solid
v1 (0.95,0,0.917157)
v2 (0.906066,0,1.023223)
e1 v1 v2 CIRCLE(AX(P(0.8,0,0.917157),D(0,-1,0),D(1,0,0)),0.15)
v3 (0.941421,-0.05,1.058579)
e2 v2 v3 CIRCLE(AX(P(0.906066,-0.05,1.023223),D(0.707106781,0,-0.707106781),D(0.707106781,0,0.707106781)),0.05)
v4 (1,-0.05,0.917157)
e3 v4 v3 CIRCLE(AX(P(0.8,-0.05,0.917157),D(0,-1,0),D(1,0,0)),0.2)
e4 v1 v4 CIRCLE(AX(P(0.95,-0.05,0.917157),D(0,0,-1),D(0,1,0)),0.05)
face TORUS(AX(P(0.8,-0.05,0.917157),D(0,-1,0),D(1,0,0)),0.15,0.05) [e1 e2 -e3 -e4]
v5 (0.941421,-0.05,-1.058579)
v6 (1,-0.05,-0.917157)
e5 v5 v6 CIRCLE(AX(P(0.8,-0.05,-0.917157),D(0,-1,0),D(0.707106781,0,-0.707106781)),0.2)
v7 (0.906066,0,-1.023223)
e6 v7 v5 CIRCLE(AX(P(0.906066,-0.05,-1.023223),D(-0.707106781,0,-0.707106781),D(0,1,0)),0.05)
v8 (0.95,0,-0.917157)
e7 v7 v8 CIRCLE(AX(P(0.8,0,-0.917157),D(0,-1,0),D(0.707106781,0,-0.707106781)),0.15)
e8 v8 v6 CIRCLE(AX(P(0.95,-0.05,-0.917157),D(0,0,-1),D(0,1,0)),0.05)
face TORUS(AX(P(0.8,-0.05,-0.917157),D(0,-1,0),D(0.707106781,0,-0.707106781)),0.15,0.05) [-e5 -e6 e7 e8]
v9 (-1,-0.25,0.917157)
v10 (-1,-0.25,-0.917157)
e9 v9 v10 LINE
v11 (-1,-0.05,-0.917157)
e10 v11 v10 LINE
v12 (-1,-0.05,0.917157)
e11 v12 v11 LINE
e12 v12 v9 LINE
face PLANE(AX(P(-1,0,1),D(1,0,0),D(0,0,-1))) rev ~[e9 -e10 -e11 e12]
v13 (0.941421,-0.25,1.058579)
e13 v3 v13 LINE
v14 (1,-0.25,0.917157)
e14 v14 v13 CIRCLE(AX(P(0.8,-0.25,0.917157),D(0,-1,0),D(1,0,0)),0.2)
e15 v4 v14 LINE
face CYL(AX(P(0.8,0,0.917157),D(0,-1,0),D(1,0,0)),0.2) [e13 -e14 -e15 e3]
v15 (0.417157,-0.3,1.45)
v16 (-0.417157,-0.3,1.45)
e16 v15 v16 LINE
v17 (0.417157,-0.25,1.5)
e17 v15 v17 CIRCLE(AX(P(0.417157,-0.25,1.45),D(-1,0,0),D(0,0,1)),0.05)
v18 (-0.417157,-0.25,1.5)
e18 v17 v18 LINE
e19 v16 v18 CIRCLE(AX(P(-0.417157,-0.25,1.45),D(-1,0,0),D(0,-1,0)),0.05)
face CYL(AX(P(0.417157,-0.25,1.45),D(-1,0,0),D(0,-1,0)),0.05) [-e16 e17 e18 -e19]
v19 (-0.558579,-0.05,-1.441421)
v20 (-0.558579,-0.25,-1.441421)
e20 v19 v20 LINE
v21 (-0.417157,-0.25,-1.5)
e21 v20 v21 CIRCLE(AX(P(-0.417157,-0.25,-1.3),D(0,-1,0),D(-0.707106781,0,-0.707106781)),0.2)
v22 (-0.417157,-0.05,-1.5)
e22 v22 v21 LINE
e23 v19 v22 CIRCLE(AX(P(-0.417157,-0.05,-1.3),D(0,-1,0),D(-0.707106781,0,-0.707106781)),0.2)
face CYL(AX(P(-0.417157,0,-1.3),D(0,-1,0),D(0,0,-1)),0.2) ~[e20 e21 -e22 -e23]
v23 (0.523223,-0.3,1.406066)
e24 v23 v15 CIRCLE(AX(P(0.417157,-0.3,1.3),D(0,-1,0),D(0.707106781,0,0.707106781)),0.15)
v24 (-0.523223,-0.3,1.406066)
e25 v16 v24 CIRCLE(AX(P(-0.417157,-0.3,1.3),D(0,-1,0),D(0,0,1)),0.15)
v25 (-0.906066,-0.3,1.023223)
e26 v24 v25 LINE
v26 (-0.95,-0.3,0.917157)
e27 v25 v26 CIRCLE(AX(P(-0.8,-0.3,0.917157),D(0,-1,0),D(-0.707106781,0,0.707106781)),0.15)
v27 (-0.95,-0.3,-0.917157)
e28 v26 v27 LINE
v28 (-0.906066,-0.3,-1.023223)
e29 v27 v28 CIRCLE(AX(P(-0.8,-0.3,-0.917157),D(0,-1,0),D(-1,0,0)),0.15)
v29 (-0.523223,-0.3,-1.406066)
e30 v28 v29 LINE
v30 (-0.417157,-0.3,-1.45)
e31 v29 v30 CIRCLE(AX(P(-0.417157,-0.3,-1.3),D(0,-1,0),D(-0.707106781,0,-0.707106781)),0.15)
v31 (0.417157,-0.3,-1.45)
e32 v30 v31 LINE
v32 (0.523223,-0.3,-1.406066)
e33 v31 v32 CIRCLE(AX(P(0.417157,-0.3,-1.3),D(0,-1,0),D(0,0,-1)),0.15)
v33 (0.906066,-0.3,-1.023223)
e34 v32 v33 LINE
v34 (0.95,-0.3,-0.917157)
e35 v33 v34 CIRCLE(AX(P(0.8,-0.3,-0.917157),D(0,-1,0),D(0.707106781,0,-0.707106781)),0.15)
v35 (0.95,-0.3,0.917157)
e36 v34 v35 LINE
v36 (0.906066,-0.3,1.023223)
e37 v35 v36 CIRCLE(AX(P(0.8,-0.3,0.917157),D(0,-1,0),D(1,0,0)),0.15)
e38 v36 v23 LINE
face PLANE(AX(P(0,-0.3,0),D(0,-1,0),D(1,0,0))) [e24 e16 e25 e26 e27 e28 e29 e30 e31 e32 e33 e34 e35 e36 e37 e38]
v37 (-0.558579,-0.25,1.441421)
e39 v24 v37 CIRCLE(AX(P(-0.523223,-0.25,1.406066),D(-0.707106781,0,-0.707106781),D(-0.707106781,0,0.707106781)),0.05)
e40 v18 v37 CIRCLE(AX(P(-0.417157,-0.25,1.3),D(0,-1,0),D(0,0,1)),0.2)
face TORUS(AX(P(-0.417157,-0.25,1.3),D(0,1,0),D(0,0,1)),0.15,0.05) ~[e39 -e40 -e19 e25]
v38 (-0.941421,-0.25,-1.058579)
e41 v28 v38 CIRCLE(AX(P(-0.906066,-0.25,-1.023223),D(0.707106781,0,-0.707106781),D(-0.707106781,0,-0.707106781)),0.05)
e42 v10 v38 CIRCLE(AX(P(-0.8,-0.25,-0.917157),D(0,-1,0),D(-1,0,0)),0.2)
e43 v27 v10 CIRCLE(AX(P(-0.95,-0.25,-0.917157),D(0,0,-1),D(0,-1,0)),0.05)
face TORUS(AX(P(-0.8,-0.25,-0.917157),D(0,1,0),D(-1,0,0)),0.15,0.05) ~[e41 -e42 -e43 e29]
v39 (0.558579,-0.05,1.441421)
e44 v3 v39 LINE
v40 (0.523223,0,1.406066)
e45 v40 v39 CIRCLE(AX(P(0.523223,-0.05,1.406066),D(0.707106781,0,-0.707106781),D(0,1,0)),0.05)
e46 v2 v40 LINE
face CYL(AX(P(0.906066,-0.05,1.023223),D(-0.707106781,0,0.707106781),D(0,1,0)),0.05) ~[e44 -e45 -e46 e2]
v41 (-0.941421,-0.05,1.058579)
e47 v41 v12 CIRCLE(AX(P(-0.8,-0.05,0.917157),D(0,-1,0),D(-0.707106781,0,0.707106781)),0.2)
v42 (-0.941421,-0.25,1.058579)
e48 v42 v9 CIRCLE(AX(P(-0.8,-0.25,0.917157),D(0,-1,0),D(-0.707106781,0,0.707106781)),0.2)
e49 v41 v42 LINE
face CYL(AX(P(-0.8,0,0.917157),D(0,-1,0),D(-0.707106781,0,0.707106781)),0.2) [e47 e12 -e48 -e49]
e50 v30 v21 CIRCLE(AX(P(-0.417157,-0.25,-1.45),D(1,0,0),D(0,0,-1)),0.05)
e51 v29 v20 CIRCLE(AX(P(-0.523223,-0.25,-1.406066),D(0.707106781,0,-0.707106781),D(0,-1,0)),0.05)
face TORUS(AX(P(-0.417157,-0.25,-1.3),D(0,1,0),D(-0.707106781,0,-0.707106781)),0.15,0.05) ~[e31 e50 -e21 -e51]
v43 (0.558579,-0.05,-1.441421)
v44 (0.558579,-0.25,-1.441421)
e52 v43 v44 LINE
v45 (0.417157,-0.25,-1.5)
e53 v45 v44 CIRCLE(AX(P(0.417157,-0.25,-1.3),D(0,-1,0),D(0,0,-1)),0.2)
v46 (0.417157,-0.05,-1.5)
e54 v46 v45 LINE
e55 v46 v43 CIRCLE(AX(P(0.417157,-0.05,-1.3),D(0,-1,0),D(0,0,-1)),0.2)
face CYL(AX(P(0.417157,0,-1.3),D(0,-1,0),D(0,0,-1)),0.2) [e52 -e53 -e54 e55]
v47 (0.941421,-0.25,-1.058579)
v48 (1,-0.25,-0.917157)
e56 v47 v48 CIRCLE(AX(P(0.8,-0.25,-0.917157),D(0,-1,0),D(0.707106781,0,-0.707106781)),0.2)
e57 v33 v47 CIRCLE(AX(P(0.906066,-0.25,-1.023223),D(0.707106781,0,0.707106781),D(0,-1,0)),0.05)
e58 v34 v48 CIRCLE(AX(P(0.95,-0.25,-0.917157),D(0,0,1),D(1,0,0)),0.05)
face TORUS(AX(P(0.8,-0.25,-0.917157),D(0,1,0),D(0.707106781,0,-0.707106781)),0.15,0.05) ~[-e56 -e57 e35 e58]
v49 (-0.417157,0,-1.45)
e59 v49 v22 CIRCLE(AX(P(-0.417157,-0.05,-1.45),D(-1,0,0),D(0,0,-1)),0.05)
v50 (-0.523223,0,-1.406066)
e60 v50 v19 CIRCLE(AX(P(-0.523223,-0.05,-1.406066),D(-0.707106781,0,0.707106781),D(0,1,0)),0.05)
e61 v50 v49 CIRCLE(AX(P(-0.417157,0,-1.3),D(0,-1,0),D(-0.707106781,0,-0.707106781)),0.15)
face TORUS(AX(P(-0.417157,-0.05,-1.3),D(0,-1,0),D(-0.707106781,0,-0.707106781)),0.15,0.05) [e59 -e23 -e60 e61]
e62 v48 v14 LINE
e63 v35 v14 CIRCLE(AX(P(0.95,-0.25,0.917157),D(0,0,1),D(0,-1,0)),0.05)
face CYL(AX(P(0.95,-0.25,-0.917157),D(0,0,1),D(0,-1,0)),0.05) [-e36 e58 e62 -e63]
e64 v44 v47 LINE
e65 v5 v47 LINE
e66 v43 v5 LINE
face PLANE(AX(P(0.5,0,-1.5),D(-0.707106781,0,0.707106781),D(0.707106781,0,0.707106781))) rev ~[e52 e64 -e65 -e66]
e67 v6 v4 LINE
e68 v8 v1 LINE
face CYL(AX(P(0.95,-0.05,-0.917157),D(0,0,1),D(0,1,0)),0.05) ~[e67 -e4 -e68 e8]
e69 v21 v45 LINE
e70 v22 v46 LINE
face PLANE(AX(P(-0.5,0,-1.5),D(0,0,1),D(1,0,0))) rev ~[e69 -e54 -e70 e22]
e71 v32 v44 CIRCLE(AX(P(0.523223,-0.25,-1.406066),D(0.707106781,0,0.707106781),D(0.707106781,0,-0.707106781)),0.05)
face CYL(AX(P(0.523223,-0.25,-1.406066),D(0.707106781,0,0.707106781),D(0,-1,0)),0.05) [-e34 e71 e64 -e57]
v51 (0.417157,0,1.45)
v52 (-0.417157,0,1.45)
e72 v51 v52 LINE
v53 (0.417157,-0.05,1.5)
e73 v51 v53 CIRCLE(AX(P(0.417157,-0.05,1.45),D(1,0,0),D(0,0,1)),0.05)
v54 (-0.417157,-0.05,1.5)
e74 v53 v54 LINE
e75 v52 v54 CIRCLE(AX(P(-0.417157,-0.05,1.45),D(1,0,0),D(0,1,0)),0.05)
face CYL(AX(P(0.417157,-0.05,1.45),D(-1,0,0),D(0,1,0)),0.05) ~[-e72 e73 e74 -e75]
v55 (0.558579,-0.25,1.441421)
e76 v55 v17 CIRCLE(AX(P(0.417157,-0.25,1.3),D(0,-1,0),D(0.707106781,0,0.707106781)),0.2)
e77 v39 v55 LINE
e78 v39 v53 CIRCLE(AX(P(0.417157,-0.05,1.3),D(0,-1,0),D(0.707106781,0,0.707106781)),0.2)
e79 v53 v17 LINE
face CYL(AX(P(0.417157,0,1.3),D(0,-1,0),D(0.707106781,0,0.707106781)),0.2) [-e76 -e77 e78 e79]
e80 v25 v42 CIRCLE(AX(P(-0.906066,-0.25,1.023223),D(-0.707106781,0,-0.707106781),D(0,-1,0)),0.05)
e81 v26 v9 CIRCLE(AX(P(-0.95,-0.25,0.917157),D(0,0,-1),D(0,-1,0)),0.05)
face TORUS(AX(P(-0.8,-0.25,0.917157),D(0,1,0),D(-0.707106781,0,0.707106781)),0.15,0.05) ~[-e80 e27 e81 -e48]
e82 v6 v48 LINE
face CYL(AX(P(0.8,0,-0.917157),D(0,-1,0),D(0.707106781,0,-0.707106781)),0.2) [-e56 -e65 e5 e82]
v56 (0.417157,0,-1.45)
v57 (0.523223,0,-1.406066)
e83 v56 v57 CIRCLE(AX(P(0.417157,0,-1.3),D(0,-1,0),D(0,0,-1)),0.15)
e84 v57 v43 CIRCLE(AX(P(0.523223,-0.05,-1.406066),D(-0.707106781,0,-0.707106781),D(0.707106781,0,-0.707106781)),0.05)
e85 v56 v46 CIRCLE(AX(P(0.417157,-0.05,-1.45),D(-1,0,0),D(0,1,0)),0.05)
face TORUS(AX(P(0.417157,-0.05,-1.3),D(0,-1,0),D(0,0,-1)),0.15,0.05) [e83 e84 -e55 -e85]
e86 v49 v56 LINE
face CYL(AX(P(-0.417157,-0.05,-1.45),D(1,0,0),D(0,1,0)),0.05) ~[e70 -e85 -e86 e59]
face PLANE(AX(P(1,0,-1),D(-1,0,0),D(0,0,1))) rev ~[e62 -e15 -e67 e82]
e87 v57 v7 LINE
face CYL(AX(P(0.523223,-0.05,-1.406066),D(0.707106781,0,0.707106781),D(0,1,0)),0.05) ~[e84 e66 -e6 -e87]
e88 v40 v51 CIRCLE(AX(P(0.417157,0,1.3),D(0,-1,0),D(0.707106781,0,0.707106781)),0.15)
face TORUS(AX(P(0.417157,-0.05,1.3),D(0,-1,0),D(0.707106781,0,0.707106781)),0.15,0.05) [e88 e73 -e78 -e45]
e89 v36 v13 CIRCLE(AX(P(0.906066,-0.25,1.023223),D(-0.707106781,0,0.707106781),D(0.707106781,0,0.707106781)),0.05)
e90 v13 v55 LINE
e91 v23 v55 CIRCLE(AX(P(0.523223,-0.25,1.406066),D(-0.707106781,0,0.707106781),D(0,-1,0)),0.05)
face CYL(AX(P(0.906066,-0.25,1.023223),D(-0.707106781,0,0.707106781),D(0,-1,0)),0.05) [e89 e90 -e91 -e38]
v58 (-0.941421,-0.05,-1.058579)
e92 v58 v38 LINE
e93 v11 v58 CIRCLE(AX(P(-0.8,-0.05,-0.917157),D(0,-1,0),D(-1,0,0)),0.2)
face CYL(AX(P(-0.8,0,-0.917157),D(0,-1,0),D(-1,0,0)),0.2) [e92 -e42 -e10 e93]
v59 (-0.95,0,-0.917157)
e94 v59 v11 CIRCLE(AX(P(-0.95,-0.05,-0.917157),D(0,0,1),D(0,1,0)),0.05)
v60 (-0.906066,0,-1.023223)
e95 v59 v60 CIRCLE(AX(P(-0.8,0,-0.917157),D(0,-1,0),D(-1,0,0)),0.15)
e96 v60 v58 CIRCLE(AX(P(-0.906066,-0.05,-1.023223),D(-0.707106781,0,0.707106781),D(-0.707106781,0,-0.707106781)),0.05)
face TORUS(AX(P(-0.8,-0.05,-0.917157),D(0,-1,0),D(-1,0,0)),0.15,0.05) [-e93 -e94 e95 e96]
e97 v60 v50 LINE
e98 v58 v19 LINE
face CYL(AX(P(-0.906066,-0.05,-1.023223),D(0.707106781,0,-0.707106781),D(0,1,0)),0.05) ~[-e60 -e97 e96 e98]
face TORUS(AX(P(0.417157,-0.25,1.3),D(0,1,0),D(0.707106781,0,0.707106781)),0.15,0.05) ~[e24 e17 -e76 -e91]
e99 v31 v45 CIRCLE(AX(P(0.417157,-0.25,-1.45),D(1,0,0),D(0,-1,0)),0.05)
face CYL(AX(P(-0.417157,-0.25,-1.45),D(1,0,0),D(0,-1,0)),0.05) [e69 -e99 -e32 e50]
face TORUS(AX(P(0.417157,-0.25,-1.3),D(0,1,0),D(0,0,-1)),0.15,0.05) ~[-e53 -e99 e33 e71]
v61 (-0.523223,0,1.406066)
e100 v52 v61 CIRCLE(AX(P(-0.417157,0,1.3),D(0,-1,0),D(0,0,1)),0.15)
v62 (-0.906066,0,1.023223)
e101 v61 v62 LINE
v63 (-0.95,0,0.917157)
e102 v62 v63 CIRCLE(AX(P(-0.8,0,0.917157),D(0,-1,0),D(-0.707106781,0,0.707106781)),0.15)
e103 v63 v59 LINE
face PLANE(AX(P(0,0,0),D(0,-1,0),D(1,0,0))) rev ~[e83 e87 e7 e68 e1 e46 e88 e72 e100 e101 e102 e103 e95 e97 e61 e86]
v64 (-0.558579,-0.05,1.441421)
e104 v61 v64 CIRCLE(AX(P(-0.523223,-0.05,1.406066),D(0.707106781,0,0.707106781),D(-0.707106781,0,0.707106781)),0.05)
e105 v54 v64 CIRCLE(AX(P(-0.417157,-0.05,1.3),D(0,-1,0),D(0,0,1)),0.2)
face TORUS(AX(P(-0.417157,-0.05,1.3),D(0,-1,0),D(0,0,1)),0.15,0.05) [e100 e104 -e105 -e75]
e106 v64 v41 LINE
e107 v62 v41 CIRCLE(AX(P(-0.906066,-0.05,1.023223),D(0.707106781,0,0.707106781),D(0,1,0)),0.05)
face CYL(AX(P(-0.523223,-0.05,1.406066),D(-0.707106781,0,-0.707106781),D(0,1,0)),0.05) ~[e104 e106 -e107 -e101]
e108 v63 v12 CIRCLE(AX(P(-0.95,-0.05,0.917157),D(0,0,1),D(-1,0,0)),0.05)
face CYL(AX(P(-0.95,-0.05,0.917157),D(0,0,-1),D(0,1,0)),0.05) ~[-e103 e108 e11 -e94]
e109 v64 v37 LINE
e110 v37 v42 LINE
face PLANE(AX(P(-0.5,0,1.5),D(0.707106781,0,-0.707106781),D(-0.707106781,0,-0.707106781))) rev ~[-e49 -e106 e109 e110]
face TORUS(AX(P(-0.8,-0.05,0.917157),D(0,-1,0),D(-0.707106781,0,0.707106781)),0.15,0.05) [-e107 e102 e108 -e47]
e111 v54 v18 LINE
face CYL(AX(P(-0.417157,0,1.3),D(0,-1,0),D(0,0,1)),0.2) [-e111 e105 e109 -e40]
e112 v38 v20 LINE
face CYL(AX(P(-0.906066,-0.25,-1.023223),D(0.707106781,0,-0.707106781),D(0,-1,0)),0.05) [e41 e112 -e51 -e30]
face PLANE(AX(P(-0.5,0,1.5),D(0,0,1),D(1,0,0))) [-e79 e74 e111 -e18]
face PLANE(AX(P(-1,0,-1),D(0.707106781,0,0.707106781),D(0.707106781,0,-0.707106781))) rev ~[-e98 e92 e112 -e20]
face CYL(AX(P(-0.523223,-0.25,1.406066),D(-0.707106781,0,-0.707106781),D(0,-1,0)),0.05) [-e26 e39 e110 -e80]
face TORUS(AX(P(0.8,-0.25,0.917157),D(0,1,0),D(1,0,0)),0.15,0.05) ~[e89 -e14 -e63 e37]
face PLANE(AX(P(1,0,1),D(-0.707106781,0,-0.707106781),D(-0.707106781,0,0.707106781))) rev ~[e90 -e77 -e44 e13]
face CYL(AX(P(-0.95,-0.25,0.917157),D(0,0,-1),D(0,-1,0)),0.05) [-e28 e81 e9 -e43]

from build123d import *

# Parameters (mm, degrees)
F0_W     = 1
F0_H     = 3
F1_DEPTH = 0.3
F2_R     = 0.2
F3_R     = 0.05


with BuildPart() as f1:
    # F0 (on Front) → F1 (new body)
    with BuildSketch(Plane.XZ):
        Rectangle(F0_W, F0_H)
        Polygon((1, 1), (0.5, 1.5), (0.5, -1.5), (1, -1), align=None)
        Polygon((-0.5, -1.5), (-0.5, 1.5), (-1, 1), (-1, -1), align=None)
    extrude(amount=F1_DEPTH)

    # F2
    f2_edges = [f1.edges().sort_by_distance(p)[0] for p in [
        (0.5, -0.15, 1.5),
        (1, -0.15, 1),
        (-0.5, -0.15, 1.5),
        (-1, -0.15, 1),
        (-1, -0.15, -1),
        (-0.5, -0.15, -1.5),
        (0.5, -0.15, -1.5),
        (1, -0.15, -1),
    ]]
    fillet(f2_edges, radius=F2_R)

    # F3
    f3_edges = [f1.edges().sort_by_distance(p)[0] for p in [
        (1, 0, 0),
        (-1, -0.3, 0),
    ]]
    fillet(f3_edges, radius=F3_R)


solid = f1.part
